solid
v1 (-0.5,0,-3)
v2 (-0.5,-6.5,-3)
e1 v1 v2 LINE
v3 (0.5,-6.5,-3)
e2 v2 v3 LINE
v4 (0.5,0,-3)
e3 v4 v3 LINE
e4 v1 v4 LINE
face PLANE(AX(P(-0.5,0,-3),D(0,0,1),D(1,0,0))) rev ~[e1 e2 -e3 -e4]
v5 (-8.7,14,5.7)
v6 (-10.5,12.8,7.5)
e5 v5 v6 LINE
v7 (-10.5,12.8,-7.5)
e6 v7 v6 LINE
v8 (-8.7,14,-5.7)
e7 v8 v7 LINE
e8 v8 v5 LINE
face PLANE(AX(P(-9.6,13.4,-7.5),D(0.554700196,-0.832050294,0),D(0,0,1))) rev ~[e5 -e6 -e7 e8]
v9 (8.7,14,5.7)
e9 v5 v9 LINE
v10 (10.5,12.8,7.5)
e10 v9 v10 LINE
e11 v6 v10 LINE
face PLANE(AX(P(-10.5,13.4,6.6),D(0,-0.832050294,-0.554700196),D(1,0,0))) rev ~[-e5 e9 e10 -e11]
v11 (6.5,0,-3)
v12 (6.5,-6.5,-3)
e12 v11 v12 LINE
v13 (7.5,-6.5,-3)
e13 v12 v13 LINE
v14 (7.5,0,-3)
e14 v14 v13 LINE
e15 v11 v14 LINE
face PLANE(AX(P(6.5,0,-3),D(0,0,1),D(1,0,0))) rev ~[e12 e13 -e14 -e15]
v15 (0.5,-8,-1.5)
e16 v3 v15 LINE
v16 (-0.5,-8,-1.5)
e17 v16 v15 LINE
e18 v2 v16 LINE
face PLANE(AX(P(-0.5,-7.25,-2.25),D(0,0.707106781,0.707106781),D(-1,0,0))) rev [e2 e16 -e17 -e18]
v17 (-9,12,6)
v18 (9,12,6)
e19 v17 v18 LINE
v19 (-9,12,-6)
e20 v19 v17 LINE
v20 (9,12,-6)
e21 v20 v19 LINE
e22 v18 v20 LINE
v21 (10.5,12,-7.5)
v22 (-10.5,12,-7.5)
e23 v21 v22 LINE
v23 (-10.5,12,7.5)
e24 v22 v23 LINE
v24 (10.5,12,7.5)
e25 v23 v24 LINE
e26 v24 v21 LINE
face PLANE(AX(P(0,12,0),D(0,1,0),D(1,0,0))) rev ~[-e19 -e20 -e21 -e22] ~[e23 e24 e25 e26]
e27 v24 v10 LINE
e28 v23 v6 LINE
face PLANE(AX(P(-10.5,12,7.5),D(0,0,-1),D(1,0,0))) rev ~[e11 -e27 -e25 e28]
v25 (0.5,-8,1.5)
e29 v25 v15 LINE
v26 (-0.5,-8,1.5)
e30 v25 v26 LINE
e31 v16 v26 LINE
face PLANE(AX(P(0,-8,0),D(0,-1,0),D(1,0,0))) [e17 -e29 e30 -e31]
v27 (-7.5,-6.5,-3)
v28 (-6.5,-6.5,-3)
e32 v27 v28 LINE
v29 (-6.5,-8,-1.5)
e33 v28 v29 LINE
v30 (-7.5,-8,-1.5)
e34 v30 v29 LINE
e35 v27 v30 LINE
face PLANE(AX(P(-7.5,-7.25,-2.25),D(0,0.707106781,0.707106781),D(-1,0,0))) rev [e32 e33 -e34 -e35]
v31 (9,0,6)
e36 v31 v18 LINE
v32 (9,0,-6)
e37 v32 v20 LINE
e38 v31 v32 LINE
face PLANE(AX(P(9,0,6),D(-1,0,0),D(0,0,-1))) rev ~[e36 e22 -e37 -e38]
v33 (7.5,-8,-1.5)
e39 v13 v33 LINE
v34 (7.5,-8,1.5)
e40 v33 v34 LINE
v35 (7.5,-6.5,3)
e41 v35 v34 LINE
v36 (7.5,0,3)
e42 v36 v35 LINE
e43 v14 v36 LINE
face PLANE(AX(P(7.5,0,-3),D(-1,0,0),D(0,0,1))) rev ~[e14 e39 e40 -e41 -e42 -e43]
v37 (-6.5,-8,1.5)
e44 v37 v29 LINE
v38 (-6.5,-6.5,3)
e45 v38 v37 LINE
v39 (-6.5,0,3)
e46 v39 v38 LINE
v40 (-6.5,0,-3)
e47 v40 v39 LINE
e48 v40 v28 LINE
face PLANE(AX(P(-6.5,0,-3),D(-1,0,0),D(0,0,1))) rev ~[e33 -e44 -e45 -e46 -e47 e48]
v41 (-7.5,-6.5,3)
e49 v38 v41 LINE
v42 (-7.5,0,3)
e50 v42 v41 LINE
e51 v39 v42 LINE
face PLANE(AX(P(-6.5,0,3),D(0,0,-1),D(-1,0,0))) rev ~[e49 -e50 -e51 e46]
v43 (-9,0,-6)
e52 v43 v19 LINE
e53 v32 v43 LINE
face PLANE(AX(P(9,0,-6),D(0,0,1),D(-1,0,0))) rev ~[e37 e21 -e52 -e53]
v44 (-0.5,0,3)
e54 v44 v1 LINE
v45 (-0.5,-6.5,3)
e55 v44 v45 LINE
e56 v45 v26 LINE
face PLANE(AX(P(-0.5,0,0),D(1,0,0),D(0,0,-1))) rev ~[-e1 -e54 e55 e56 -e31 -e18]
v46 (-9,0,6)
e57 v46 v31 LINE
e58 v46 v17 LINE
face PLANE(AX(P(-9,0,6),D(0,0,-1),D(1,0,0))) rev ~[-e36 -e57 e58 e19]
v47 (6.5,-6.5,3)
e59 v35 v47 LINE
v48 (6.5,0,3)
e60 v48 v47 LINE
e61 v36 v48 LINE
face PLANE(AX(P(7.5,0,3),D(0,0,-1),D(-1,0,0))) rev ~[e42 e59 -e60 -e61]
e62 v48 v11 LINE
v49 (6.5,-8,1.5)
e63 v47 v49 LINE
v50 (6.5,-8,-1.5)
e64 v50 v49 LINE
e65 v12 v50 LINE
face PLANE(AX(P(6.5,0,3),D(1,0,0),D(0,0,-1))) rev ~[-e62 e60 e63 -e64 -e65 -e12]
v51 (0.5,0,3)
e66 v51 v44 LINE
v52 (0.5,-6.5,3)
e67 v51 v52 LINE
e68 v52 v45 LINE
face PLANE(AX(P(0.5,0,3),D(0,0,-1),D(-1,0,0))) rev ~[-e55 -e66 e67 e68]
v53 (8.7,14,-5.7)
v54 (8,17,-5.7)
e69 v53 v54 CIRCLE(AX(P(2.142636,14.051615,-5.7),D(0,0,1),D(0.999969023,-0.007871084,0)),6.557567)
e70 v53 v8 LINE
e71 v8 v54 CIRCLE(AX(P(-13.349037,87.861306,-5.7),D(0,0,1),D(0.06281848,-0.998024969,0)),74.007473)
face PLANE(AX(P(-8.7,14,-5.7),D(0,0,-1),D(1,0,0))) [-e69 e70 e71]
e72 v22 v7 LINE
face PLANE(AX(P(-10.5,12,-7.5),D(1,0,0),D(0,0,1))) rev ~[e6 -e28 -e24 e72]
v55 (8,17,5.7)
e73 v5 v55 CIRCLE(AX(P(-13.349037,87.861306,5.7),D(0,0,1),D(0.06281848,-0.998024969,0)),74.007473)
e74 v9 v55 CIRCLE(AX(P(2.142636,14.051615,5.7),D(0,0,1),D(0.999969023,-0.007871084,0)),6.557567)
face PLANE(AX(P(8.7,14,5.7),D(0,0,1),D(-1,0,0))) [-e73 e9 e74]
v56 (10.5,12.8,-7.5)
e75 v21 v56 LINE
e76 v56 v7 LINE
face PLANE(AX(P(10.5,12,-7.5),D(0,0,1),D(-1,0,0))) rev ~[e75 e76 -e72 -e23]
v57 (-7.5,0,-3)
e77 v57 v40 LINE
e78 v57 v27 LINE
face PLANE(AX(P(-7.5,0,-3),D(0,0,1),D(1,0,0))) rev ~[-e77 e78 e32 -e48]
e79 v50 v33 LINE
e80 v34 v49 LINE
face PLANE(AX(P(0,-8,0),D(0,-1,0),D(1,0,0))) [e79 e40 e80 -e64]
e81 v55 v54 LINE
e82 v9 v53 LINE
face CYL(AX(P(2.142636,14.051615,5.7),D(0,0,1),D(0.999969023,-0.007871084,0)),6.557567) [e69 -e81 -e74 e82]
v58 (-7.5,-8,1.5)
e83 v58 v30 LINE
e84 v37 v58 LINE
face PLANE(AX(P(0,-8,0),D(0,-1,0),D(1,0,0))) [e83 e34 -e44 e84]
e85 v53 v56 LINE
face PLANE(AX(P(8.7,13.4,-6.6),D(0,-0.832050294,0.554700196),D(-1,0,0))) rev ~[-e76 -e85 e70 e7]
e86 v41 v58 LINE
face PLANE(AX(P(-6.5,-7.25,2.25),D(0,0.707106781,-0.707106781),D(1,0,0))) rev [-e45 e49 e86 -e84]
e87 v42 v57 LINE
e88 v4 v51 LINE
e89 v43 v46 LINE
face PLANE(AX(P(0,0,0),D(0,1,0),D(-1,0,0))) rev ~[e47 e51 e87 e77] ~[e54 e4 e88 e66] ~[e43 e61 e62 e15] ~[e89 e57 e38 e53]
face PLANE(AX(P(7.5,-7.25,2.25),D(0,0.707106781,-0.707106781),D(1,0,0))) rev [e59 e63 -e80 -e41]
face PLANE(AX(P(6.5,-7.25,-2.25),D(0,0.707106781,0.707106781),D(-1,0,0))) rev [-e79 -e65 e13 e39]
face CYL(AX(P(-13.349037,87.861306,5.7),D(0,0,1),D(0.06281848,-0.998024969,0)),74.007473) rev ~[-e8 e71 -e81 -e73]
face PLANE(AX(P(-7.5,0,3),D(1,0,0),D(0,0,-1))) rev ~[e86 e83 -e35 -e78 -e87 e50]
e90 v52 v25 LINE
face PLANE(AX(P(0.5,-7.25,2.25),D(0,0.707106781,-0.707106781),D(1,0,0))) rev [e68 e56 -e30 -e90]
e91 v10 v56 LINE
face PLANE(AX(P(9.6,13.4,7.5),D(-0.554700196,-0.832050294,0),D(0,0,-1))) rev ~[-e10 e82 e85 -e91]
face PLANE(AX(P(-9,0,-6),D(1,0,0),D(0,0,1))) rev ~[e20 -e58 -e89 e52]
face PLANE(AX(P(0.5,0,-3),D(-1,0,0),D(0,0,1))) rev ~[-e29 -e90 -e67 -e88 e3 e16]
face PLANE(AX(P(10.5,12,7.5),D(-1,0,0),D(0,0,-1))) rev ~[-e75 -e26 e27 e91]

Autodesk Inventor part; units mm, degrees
ref_plane "YZ Plane" through (0, 0, 0) normal (1, 0, 0) x (0, 1, 0)
ref_plane "XZ Plane" through (0, 0, 0) normal (0, 1, 0) x (-1, 0, 0)
ref_plane "XY Plane" through (0, 0, 0) normal (0, 0, 1) x (1, 0, 0)
sketch "Sketch1" plane through (0, 0, 0) normal (0, 1, 0) x (-1, 0, 0)
  line L0 (-9, 6) -> (-9, -6)
  line L1 (-9, -6) -> (9, -6)
  line L2 (9, -6) -> (9, 6)
  line L3 (9, 6) -> (-9, 6)
  line L4 (-9, 6) -> (9, -6) construction
  line L5 (-9, -6) -> (9, 6) construction
  point P0 (0, 0)
  dimension "d0" = 12
  dimension "d1" = 18
extrude "Extrusion1" add sketch "Sketch1" along normal blind 12
sketch "Sketch2" plane through (0, 12, 0) normal (0, 1, 0) x (1, 0, 0)
  line L0 (10.5, -7.5) -> (10.5, 7.5)
  line L1 (10.5, 7.5) -> (-10.5, 7.5)
  line L2 (-10.5, 7.5) -> (-10.5, -7.5)
  line L3 (-10.5, -7.5) -> (10.5, -7.5)
  line L4 (10.5, -7.5) -> (-10.5, 7.5) construction
  line L5 (10.5, 7.5) -> (-10.5, -7.5) construction
  point P0 (0, 0)
  dimension "d4" = 15
  dimension "d5" = 21
extrude "Extrusion2" add sketch "Sketch2" along normal blind 2
chamfer "Chamfer1" distance 1.8 distance2 1.2 1 edges at (10.5, 14, 0) measured on face at (-3.5, 14, -2.5)
chamfer "Chamfer2" distance 1.8 distance2 1.2 1 edges at (-0.9, 14, 7.5) measured on face at (-4.1, 14, -2.5)
chamfer "Chamfer3" distance 1.8 distance2 1.2 1 edges at (-10.5, 14, -0.9) measured on face at (-4.1, 14, -3.1)
chamfer "Chamfer4" distance 1.8 distance2 1.2 1 edges at (0, 14, -7.5) measured on face at (2.9, 14, 1.3)
sketch "Sketch3" plane through (0, 14, 0) normal (0, 1, 0) x (1, 0, 0)
  line L0 (-8.7, 5.7) -> (8.7, 5.7) projected
  line L1 (-8.7, -5.7) -> (-8.7, 5.7) projected
  line L2 (8.7, -5.7) -> (-8.7, -5.7) projected
  line L3 (8.7, 5.7) -> (8.7, -5.7) projected
  point P0 (0, 0)
extrude "Extrusion3" add sketch "Sketch3" along normal blind 3
sketch "Sketch4" plane through (-8.7, 14, 5.7) normal (0, 0, 1) x (1, 0, 0)
  line L0 (17.4, 0) -> (0, 0) projected
  line L1 (17.4, 0) -> (17.4, 3) projected
  line L2 (0, 3) -> (17.4, 3) projected
  line L3 (0, 0) -> (0, 3) projected
  line L4 (17.4, 0) -> (17.4, 3)
  line L5 (17.4, 3) -> (0, 3)
  line L6 (0, 3) -> (0, 0)
  line L7 (0, 0) -> (17.4, 0)
  line L8 (17.4, 0) -> (16.7, 0)
  line L9 (17.4, 0) -> (0, 0) projected
  line L10 (16.7, 0) -> (16.7, 3)
  line L11 (0, 3) -> (17.4, 3) projected
  arc A0 (0, 0) -> (16.7, 3) centre (-4.649, 73.861) ccw
  arc A1 (17.4, 0) -> (16.7, 3) centre (10.8425, 0.0516) ccw
  point P0 (8.7, -14)
  dimension "d24" = 0.7
extrude "Extrusion4" cut sketch "Sketch4" against normal through all contours A1 L2 L1 | A0 L3 L2
sketch "Sketch5" plane through (0, 0, 0) normal (0, -1, 0) x (1, 0, 0)
  line L0 (0.5, -3) -> (0.5, 3)
  line L1 (0.5, 3) -> (-0.5, 3)
  line L2 (-0.5, 3) -> (-0.5, -3)
  line L3 (-0.5, -3) -> (0.5, -3)
  line L4 (0.5, -3) -> (-0.5, 3) construction
  line L5 (0.5, 3) -> (-0.5, -3) construction
  line L6 (0, 0) -> (-7, 0)
  line L7 (0, 0) -> (7, 0)
  line L8 (-6.5, -3) -> (-6.5, 3)
  line L9 (-6.5, 3) -> (-7.5, 3)
  line L10 (-7.5, 3) -> (-7.5, -3)
  line L11 (-7.5, -3) -> (-6.5, -3)
  line L12 (-6.5, -3) -> (-7.5, 3) construction
  line L13 (-6.5, 3) -> (-7.5, -3) construction
  line L14 (7.5, -3) -> (7.5, 3)
  line L15 (7.5, 3) -> (6.5, 3)
  line L16 (6.5, 3) -> (6.5, -3)
  line L17 (6.5, -3) -> (7.5, -3)
  line L18 (7.5, -3) -> (6.5, 3) construction
  line L19 (7.5, 3) -> (6.5, -3) construction
  dimension "d27" = 6
  dimension "d28" = 1
  dimension "d29" = 7
  dimension "d30" = 7
  dimension "d31" = 1
  dimension "d32" = 1
  dimension "d41" = 6
  dimension "d42" = 6
extrude "Extrusion5" add sketch "Sketch5" along normal blind 8
chamfer "Chamfer5" distance 1.5 angle 45 6 edges at (7, -8, -3) (7, -8, 3) (0, -8, 3) (-7, -8, 3) (-7, -8, -3) (0, -8, -3)
properties part number "Toggle switch"
